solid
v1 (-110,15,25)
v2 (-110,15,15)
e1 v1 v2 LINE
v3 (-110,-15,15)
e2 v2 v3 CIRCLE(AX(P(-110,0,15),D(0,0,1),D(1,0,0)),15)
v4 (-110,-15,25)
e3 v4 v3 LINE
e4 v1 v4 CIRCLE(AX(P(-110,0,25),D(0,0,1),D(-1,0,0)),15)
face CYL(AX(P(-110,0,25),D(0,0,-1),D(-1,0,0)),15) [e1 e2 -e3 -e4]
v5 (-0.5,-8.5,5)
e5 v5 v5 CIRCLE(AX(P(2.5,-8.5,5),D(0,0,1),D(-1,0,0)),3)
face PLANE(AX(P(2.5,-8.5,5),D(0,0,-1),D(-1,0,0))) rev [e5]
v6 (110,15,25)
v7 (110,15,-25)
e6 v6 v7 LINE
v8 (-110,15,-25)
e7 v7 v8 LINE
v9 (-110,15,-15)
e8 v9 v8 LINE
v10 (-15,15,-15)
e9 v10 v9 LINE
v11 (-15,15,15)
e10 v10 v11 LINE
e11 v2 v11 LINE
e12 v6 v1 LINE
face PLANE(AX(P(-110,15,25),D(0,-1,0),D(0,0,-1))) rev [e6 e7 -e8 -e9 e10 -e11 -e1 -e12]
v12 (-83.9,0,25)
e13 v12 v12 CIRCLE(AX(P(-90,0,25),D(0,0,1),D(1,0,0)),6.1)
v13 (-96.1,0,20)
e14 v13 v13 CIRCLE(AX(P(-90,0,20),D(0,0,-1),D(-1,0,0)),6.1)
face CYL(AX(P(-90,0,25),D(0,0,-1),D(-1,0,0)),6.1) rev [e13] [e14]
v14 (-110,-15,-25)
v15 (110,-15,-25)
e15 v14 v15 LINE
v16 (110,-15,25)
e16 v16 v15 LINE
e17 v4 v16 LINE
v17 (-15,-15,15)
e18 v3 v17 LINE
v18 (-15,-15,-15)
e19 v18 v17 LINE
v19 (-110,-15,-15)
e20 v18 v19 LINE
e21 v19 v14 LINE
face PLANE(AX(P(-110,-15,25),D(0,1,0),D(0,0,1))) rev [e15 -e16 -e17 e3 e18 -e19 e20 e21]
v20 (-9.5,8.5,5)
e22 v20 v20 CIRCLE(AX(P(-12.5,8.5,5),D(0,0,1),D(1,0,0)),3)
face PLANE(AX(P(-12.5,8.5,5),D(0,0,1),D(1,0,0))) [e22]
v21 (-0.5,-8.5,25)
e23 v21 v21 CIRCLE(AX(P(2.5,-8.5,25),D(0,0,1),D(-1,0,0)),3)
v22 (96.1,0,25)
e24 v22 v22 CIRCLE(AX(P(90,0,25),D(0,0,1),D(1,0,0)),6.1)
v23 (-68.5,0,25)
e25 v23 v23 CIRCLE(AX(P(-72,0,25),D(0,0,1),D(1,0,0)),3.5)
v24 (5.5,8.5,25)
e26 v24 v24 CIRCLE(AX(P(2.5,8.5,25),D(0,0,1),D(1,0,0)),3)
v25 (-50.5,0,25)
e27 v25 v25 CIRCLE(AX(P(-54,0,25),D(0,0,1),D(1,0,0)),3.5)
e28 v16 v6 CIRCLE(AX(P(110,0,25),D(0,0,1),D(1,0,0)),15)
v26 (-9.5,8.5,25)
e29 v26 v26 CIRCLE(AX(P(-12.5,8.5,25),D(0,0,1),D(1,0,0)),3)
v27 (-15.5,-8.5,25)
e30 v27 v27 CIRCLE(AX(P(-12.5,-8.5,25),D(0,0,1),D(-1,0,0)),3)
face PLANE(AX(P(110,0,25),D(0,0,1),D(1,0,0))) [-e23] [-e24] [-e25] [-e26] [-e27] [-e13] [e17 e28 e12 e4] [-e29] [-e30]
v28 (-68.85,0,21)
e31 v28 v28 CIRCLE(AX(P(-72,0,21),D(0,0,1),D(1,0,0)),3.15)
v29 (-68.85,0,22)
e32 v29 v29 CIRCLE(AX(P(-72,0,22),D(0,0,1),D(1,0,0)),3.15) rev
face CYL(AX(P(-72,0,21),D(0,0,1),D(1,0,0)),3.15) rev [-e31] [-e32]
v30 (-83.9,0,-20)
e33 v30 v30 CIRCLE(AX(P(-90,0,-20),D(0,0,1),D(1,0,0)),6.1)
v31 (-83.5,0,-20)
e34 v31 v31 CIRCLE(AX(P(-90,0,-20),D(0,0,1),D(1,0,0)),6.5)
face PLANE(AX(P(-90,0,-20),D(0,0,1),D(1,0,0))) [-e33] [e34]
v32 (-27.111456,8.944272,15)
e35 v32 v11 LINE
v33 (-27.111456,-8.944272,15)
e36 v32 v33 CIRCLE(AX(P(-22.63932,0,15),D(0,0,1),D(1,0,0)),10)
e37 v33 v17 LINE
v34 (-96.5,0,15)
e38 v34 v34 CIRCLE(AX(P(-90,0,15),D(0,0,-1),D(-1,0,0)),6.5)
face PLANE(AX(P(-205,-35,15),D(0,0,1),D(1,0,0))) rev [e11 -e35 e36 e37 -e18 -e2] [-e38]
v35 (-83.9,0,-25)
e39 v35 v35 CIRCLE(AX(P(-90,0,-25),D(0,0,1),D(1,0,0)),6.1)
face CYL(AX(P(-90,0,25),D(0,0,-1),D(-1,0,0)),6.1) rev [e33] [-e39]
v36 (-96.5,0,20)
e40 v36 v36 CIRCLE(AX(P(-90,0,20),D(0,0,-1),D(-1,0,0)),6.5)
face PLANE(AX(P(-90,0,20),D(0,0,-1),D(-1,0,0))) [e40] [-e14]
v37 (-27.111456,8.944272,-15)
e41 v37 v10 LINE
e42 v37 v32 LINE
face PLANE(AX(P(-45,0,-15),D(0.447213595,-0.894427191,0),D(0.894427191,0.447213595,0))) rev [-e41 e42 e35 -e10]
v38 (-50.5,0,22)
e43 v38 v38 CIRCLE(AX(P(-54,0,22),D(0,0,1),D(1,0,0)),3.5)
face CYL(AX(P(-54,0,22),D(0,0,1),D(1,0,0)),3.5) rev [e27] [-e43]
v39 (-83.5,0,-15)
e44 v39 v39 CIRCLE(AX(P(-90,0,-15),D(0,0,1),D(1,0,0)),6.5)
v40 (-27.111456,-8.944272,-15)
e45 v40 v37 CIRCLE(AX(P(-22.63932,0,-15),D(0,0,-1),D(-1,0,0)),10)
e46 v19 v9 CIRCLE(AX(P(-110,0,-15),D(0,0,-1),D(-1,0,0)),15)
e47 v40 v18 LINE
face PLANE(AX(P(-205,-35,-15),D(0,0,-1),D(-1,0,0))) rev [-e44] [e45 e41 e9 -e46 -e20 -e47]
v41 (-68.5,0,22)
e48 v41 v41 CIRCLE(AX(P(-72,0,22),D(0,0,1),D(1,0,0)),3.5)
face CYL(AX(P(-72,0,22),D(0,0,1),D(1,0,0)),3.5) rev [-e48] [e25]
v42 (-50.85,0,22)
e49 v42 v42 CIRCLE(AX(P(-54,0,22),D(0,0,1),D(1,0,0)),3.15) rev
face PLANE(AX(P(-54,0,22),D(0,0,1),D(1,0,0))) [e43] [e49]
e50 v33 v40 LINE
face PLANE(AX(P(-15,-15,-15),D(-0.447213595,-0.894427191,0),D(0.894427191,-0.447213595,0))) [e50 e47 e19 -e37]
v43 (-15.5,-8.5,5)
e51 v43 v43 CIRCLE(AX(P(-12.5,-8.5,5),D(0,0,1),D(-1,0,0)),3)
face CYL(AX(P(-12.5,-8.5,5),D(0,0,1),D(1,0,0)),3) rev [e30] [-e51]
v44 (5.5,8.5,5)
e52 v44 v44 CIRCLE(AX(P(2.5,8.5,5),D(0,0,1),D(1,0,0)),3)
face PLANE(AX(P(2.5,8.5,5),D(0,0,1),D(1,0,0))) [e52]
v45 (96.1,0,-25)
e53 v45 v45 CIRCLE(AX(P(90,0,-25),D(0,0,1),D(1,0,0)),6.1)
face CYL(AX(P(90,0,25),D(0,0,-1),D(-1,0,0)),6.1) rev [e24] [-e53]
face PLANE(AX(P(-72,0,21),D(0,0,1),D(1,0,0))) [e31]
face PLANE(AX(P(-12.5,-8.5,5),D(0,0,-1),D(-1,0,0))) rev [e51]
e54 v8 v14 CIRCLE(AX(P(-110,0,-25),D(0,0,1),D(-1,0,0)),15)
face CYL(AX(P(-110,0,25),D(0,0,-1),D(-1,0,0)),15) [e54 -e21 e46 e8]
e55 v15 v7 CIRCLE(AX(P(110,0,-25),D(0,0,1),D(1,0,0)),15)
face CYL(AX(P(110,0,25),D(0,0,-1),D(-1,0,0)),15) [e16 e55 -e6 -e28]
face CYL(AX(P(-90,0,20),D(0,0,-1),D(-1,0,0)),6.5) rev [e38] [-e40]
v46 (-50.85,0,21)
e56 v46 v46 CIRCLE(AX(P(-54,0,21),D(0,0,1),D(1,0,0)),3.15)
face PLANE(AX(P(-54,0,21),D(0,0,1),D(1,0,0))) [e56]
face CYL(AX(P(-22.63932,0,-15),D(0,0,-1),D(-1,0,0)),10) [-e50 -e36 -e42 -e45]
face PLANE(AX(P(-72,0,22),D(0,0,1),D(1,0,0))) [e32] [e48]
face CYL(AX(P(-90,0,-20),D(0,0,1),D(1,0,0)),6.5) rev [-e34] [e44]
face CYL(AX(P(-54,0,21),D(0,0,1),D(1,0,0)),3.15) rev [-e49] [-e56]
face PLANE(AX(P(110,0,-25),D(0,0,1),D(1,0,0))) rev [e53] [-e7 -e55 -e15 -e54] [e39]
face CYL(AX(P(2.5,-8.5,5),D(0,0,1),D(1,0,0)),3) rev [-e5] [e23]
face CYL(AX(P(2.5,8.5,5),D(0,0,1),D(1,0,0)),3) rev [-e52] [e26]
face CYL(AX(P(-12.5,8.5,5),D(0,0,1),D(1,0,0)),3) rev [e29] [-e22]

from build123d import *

# Parameters (mm, degrees)
SKETCH1_R           = 6.1
BOSS_EXTRUDE1_DEPTH = 25
SKETCH2_W           = 160
SKETCH2_H           = 30
CUT_EXTRUDE1_DEPTH  = 50
CUT_EXTRUDE5_DEPTH  = 30
CUT_EXTRUDE7_DEPTH  = 30
FILLET3_R           = 10
SKETCH8_R           = 3
CUT_EXTRUDE8_DEPTH  = 20
SKETCH9_R           = 3.15
CUT_EXTRUDE9_DEPTH  = 4
SKETCH10_R          = 3.5
CUT_EXTRUDE10_DEPTH = 3
SKETCH11_R          = 6.5
CUT_EXTRUDE11_DEPTH = 5
CUT_EXTRUDE12_START = -5
SKETCH12_R          = 6.5
CUT_EXTRUDE12_DEPTH = 5


with BuildPart() as part:
    # Sketch1 → Boss-Extrude1 (new, symmetric)
    with BuildSketch(Plane.XY):
        with BuildLine():
            Line((-110, -15), (110, -15))
            ThreePointArc((110, -15), (125, 0), (110, 15))
            Line((110, 15), (-110, 15))
            ThreePointArc((-110, 15), (-125, 0), (-110, -15))
        make_face()
        with Locations((-90, 0)):
            Circle(SKETCH1_R, mode=Mode.SUBTRACT)
        with Locations((90, 0)):
            Circle(SKETCH1_R, mode=Mode.SUBTRACT)
    extrude(amount=BOSS_EXTRUDE1_DEPTH, both=True)

    # Sketch2 → Cut-Extrude1 (cut)
    with BuildSketch(Plane(origin=(0, 15, 0), x_dir=(1, 0, 0), z_dir=(0, 1, 0))):
        with Locations((-125, 0)):
            Rectangle(SKETCH2_W, SKETCH2_H)
    extrude(amount=-CUT_EXTRUDE1_DEPTH, mode=Mode.SUBTRACT)

    # Sketch4 → Cut-Extrude5 (cut)
    with BuildSketch(Plane.XY.offset(15)):
        Polygon((-45, 15), (-45, 0), (-15, 15), align=None)
    extrude(amount=-CUT_EXTRUDE5_DEPTH, mode=Mode.SUBTRACT)

    # Sketch7 → Cut-Extrude7 (cut)
    with BuildSketch(Plane(origin=(0, 0, 15), x_dir=(-1, 0, 0), z_dir=(0, 0, -1))):
        Polygon((45, 0), (45, -15), (15, -15), align=None)
    extrude(amount=CUT_EXTRUDE7_DEPTH, mode=Mode.SUBTRACT)

    # Fillet3
    fillet3_edges = [part.edges().sort_by_distance(p)[0] for p in [
        (-45, 0, 0),
    ]]
    fillet(fillet3_edges, radius=FILLET3_R)

    # Sketch8 → Cut-Extrude8 (cut)
    with BuildSketch(Plane.XY.offset(25)):
        with Locations((-12.5, 8.5)):
            Circle(SKETCH8_R)
        with Locations((2.5, 8.5)):
            Circle(SKETCH8_R)
        with Locations(Location((2.5, -8.5, 0), (0, 0, 180))):
            Circle(SKETCH8_R)
        with Locations(Location((-12.5, -8.5, 0), (0, 0, 180))):
            Circle(SKETCH8_R)
    extrude(amount=-CUT_EXTRUDE8_DEPTH, mode=Mode.SUBTRACT)

    # Sketch9 → Cut-Extrude9 (cut)
    with BuildSketch(Plane.XY.offset(25)):
        with Locations((-72, 0)):
            Circle(SKETCH9_R)
        with Locations((-54, 0)):
            Circle(SKETCH9_R)
    extrude(amount=-CUT_EXTRUDE9_DEPTH, mode=Mode.SUBTRACT)

    # Sketch10 → Cut-Extrude10 (cut)
    with BuildSketch(Plane.XY.offset(25)):
        with Locations((-72, 0)):
            Circle(SKETCH10_R)
        with Locations((-54, 0)):
            Circle(SKETCH10_R)
    extrude(amount=-CUT_EXTRUDE10_DEPTH, mode=Mode.SUBTRACT)

    # Sketch11 → Cut-Extrude11 (cut)
    with BuildSketch(Plane(origin=(0, 0, 15), x_dir=(-1, 0, 0), z_dir=(0, 0, -1))):
        with Locations((90, 0)):
            Circle(SKETCH11_R)
    extrude(amount=-CUT_EXTRUDE11_DEPTH, mode=Mode.SUBTRACT)

    # Sketch12 → Cut-Extrude12 (cut)
    with BuildSketch(Plane.XY.offset(-15).offset(CUT_EXTRUDE12_START)):
        with Locations(Location((-90, 0, 0), (0, 0, 180))):
            Circle(SKETCH12_R)
    extrude(amount=CUT_EXTRUDE12_DEPTH, mode=Mode.SUBTRACT)


solid = part.part
